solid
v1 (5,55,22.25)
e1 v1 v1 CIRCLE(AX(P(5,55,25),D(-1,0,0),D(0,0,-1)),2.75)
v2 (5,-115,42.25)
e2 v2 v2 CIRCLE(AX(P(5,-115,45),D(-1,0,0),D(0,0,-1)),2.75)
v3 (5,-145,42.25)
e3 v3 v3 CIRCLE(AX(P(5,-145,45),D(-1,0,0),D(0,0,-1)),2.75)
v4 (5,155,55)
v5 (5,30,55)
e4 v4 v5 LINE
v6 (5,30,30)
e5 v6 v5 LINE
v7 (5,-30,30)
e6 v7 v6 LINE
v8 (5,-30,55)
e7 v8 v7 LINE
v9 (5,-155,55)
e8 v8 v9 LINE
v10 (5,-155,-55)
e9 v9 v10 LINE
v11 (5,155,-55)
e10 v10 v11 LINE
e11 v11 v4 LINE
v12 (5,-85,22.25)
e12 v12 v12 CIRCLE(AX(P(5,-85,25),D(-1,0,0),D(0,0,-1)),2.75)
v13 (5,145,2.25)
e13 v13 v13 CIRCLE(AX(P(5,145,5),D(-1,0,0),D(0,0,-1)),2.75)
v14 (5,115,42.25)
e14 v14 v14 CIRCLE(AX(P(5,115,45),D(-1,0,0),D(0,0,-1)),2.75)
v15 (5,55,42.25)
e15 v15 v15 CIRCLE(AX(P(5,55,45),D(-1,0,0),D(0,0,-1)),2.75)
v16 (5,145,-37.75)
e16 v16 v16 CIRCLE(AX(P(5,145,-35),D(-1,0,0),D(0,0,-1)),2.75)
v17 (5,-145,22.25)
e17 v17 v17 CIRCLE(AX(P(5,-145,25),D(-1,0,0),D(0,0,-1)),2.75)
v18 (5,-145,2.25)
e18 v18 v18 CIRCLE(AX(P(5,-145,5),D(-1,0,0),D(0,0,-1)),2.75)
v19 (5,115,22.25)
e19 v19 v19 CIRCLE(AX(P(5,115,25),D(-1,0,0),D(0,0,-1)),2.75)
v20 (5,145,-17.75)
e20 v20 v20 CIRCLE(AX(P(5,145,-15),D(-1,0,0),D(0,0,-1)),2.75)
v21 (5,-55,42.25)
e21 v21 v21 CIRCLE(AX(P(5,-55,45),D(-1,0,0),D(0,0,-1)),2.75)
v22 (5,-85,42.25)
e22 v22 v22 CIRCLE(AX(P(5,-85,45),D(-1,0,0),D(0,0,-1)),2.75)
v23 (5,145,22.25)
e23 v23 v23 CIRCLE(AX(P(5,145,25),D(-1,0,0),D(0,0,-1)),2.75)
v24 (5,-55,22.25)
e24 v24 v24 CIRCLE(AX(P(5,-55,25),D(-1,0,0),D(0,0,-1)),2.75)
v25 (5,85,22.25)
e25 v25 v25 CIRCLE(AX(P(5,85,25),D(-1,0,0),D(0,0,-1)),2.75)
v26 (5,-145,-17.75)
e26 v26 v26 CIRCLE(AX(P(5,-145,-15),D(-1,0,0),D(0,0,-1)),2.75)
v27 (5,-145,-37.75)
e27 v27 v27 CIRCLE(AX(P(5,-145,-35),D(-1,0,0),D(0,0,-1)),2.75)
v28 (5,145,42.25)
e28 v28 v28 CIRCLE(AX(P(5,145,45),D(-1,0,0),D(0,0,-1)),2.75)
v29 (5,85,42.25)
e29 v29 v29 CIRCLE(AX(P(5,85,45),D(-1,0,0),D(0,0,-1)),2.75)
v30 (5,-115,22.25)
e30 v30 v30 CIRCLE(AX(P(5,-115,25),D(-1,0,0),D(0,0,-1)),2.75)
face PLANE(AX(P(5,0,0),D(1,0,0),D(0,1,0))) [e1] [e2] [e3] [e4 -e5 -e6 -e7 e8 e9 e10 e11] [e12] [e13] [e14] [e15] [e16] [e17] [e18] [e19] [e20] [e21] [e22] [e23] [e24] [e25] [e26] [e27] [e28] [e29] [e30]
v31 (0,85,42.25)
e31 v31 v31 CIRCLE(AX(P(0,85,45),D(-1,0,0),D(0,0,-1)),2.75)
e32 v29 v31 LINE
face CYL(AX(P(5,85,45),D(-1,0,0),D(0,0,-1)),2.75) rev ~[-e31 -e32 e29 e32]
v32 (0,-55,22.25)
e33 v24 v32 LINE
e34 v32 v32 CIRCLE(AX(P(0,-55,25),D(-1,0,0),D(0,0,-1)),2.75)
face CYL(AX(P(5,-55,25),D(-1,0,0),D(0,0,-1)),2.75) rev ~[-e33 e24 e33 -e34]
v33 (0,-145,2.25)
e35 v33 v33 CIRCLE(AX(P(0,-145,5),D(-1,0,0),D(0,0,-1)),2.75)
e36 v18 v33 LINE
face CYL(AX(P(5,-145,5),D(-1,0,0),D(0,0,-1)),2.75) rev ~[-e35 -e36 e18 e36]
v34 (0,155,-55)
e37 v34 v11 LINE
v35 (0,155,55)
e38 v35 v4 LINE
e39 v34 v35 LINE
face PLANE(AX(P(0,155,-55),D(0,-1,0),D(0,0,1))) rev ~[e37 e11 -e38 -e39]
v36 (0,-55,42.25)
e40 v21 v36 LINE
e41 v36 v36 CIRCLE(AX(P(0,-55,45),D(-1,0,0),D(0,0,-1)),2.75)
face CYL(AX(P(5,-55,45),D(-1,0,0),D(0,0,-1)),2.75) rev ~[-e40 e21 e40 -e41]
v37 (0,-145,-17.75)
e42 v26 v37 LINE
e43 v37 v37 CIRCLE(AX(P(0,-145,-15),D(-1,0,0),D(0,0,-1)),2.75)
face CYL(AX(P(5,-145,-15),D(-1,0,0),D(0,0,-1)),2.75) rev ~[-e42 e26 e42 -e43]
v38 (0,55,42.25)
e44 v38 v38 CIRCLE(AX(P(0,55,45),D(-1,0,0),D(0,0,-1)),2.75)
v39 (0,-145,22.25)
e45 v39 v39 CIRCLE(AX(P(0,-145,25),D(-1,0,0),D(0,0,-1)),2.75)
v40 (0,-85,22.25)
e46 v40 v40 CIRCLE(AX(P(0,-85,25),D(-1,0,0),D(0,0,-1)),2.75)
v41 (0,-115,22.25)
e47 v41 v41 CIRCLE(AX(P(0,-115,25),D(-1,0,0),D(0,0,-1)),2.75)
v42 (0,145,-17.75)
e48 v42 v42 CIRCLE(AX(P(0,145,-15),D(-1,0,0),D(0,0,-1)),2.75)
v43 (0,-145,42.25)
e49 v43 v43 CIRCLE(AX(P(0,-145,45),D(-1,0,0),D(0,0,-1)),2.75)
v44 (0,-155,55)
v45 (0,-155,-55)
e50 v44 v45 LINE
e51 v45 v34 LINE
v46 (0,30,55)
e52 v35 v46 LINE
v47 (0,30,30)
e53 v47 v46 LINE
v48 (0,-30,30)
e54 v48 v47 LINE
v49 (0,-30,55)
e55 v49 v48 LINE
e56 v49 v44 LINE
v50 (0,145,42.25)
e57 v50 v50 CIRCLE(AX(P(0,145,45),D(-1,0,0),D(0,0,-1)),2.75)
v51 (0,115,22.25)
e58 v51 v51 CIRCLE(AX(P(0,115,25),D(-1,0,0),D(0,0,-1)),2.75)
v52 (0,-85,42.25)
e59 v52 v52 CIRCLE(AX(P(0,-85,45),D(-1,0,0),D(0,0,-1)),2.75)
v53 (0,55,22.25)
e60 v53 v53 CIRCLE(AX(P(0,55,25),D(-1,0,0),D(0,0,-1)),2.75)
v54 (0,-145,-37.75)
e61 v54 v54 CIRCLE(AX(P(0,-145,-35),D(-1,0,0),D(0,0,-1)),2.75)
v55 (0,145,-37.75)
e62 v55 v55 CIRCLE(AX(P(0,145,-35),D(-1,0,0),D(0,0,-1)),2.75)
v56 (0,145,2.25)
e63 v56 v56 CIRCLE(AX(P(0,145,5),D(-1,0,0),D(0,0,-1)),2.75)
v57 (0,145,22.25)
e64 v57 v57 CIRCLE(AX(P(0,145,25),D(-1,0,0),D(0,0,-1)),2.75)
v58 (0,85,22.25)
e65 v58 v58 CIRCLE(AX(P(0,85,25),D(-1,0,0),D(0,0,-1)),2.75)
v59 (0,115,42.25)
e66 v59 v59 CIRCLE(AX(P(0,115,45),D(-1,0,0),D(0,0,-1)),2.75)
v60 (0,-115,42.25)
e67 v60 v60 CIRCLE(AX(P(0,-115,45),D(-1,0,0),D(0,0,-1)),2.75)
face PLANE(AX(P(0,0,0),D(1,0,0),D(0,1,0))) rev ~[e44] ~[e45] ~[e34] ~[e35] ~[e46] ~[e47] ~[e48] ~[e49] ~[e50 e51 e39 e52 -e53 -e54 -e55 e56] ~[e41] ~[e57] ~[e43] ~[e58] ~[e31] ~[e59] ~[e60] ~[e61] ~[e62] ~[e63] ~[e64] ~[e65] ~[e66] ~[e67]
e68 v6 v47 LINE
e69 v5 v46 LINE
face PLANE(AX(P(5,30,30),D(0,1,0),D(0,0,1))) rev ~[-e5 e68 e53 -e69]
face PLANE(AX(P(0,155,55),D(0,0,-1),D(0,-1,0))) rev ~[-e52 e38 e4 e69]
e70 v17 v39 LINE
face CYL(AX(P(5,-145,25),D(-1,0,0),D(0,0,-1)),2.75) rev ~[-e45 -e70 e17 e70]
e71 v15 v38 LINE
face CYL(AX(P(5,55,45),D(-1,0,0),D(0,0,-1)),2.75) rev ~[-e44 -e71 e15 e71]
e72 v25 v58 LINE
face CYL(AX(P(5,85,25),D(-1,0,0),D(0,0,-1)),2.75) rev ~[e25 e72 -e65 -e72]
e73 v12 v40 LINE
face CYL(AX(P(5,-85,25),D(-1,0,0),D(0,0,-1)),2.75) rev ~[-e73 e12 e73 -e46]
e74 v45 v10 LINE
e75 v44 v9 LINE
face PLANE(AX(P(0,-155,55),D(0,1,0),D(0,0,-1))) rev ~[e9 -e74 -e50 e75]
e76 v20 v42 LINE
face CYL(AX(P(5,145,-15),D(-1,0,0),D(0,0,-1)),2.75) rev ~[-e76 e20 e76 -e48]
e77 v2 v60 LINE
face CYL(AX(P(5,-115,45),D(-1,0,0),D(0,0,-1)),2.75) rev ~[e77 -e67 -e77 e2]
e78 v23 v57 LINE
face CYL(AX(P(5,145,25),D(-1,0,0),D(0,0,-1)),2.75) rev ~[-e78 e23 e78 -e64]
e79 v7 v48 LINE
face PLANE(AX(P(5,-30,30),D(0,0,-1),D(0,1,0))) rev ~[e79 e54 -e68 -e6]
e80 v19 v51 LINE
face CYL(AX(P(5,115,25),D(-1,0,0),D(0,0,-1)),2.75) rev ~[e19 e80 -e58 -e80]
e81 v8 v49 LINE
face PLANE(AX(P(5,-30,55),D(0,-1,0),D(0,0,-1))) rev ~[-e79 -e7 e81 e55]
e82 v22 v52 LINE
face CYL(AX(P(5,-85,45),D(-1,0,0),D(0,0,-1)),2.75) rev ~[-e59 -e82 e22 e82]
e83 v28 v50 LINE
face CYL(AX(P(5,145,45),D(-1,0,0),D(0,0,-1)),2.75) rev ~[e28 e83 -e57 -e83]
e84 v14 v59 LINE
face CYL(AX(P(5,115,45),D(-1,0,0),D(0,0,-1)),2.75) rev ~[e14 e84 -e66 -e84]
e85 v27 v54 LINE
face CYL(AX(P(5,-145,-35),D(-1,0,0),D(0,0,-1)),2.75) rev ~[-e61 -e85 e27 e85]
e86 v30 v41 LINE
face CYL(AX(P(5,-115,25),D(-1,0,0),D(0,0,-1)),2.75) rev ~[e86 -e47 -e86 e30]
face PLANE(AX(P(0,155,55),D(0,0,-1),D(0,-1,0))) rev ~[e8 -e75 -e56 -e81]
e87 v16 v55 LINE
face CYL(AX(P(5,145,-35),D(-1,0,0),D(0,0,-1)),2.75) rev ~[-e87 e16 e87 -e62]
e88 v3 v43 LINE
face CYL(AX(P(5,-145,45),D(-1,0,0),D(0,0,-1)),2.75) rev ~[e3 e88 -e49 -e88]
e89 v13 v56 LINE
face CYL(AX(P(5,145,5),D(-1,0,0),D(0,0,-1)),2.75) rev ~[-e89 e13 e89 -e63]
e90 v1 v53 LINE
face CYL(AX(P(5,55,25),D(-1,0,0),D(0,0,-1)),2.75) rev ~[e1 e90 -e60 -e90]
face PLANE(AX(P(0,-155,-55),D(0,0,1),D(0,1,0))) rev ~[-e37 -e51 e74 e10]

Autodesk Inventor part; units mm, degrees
ref_plane "YZ Plane" through (0, 0, 0) normal (1, 0, 0) x (0, 1, 0)
ref_plane "XZ Plane" through (0, 0, 0) normal (0, 1, 0) x (-1, 0, 0)
ref_plane "XY Plane" through (0, 0, 0) normal (0, 0, 1) x (1, 0, 0)
sketch "Skizze1" plane through (0, 0, 0) normal (1, 0, 0) x (0, 1, 0)
  line L0 (-155, -55) -> (155, -55)
  line L1 (155, -55) -> (155, 55)
  line L2 (155, 55) -> (-155, 55)
  line L3 (-155, 55) -> (-155, -55)
  line L4 (-155, -55) -> (155, 55) construction
  line L5 (155, -55) -> (-155, 55) construction
  point P0 (0, 0)
  dimension "d43" = 310
  dimension "d44" = 110
extrude "Grundlörper" add sketch "Skizze1" along normal blind 5
sketch "Skizze5" plane through (5, 0, 0) normal (1, 0, 0) x (0, 0, -1)
  line L0 (-55, -155) -> (55, -155) construction
  line L1 (-55, 155) -> (-55, -155) construction
  line L2 (55, 155) -> (-55, 155) construction
  line L3 (-91, 0) -> (91, 0) construction
  line L4 (0, -217) -> (0, 217) construction
  line L5 (-55, -30) -> (-30, -30)
  line L6 (-30, -30) -> (-30, 30)
  line L7 (-30, 30) -> (-55, 30)
  line L8 (-55, -30) -> (-55, 30)
  point P0 (0, 0)
  dimension "d50" = 60
  dimension "d51" = 25
extrude "Aussschnitt" cut sketch "Skizze5" against normal through all
sketch "Skizze7" plane through (5, 0, 0) normal (1, 0, 0) x (0, 0, -1)
  line L0 (-77, 0) -> (77, 0) projected
  line L1 (-55, -145) -> (55, -145) construction
  line L2 (55, -155) -> (55, 155) construction
  line L3 (-55, -155) -> (55, -155) construction
  line L4 (-55, -30) -> (-55, -155) construction
  line L5 (-55, 145) -> (55, 145) construction
  point P0 (0, 0)
  point P1 (-45, -145)
  point P2 (-25, -145)
  point P3 (-5, -145)
  point P4 (15, -145)
  point P5 (35, -145)
  point P6 (-45, -115)
  point P7 (-45, -85)
  point P8 (-45, -55)
  point P9 (-25, -145)
  point P10 (-25, -115)
  point P11 (-25, -85)
  point P12 (-25, -55)
  point P13 (-45, 145)
  point P14 (-25, 145)
  point P15 (-5, 145)
  point P16 (15, 145)
  point P17 (35, 145)
  point P18 (-45, 115)
  point P19 (-45, 85)
  point P20 (-45, 55)
  point P21 (-25, 145)
  point P22 (-25, 115)
  point P23 (-25, 85)
  point P24 (-25, 55)
  dimension "d104" = 10
  dimension "d105" = 10
  dimension "d108" = 20
  dimension "d115" = 30
  dimension "d118" = 20
hole "Bohrung4" at (5, -145, 45) at (5, -145, 25) at (5, -145, 5) at (5, -145, -15) at (5, -145, -35) at (5, -115, 45) at (5, -85, 45) at (5, -55, 45) at (5, -115, 25) at (5, -85, 25) at (5, -55, 25) at (5, 55, 25) at (5, 85, 25) at (5, 115, 25) at (5, 145, 25) at (5, 55, 45) at (5, 85, 45) at (5, 115, 45) at (5, 145, -35) at (5, 145, -15) at (5, 145, 5) at (5, 145, 45) direction (-1, 0, 0) diameter 5.5 end through all
properties part number "200-40-BOGIE-CONNECTOR-06" material "Aluminium 6061"
